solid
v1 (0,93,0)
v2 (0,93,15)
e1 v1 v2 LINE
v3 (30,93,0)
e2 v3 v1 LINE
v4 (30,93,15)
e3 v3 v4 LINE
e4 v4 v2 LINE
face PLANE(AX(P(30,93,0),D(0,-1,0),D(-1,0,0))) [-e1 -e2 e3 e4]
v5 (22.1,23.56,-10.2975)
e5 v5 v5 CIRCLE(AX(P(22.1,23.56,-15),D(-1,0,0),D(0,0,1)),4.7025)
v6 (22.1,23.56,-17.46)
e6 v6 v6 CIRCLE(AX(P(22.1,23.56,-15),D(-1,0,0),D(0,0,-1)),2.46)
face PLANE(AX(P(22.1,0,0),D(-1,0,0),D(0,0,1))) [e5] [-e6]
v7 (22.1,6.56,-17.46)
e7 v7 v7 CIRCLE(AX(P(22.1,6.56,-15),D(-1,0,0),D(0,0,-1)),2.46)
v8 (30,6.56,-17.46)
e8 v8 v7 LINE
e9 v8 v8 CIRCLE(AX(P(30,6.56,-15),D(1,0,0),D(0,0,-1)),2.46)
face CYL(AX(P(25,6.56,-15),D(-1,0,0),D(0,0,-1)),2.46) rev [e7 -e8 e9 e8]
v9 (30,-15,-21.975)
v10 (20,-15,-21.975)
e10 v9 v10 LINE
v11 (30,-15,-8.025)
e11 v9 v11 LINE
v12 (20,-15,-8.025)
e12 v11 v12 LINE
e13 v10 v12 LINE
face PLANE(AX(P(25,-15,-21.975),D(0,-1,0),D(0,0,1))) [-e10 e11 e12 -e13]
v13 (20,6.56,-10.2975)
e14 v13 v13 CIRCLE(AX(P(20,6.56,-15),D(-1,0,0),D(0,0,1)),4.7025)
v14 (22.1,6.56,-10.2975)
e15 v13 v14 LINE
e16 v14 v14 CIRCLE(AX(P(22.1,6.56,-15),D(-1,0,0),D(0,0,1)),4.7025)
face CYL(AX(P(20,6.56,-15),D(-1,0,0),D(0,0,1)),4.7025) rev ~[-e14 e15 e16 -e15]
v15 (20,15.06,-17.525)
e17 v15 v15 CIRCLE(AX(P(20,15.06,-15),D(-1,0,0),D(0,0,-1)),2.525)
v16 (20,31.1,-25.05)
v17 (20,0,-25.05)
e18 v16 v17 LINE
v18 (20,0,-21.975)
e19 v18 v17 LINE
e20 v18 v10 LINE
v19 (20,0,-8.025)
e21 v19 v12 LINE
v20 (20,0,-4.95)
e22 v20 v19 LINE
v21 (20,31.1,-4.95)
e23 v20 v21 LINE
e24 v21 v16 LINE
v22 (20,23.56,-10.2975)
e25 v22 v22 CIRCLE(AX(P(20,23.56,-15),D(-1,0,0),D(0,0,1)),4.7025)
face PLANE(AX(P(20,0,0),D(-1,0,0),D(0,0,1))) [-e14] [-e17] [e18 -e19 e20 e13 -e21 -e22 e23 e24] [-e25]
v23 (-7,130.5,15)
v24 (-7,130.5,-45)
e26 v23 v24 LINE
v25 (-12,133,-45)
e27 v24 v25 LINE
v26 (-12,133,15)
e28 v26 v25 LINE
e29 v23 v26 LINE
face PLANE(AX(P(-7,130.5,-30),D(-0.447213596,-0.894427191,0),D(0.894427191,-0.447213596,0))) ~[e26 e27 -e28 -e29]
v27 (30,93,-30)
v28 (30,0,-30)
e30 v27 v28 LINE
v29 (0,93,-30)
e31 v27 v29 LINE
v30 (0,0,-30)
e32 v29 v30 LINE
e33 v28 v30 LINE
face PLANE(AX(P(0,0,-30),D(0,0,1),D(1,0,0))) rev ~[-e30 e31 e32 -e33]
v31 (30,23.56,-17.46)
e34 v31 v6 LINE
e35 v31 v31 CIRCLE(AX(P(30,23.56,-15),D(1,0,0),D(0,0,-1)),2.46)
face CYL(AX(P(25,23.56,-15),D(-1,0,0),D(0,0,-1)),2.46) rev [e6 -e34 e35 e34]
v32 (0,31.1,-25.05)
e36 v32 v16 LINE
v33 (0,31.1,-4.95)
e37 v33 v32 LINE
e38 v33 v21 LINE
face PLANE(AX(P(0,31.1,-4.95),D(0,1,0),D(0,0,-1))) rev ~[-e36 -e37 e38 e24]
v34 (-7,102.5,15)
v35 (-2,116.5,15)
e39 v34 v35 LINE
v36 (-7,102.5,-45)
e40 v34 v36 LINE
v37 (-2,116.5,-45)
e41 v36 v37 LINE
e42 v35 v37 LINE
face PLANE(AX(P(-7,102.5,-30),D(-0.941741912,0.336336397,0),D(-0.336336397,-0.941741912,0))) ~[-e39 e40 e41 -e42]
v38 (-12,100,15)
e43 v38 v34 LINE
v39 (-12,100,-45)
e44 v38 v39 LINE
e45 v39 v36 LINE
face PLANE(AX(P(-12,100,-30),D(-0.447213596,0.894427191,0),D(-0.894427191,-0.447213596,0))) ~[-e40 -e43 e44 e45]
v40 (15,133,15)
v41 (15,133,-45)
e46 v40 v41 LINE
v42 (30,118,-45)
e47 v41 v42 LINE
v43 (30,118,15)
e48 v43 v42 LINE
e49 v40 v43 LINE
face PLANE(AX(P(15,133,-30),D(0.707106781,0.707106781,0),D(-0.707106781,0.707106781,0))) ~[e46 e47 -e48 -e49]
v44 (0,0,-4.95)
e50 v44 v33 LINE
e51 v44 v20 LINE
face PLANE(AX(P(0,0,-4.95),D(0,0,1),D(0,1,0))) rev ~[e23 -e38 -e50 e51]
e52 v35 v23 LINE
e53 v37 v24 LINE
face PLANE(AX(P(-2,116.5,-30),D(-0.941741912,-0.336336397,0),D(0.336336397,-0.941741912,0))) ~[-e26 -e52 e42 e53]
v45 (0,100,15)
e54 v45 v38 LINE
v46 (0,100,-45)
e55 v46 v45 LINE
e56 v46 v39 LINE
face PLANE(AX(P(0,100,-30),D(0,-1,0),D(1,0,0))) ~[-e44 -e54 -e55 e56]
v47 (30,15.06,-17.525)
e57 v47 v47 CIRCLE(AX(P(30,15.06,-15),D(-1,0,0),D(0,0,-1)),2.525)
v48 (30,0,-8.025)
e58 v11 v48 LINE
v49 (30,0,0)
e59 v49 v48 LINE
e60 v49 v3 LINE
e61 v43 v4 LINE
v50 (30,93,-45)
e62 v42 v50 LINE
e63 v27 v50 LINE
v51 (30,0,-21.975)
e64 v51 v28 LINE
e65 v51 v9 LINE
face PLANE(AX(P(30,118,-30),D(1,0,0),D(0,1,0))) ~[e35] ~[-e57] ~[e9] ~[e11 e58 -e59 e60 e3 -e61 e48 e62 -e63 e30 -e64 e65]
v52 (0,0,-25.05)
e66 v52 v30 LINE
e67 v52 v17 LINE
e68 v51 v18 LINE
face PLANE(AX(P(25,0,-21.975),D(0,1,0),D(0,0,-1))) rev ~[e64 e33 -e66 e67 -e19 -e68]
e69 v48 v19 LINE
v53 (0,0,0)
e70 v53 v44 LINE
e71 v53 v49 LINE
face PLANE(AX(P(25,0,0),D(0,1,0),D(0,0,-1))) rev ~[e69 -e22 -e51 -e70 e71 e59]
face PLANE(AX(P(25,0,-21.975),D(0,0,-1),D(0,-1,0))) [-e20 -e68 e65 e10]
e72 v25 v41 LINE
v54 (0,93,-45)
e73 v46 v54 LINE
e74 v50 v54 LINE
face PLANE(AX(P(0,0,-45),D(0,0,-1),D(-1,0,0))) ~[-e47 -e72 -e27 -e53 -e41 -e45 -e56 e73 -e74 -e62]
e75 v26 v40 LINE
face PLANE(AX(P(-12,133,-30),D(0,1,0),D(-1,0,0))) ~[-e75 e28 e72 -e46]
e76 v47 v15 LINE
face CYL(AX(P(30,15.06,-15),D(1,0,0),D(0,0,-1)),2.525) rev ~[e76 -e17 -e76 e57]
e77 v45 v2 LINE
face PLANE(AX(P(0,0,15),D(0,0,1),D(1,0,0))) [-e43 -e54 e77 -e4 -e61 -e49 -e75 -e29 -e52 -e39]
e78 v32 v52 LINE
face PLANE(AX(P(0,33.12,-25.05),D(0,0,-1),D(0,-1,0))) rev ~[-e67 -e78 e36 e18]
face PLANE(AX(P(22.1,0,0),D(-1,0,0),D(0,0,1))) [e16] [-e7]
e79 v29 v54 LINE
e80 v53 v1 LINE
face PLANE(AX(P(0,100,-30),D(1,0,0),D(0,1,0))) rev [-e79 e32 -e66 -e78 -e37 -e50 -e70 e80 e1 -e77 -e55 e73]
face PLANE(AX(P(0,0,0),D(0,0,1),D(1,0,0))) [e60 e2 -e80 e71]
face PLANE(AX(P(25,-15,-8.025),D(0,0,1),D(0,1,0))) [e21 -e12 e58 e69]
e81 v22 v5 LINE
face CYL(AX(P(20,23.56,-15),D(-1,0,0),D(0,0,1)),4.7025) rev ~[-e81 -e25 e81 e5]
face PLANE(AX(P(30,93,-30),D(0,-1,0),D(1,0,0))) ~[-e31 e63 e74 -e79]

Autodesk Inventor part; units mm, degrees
ref_plane "YZ Plane" through (0, 0, 0) normal (1, 0, 0) x (0, 1, 0)
ref_plane "XZ Plane" through (0, 0, 0) normal (0, 1, 0) x (-1, 0, 0)
sketch "Sketch1" plane through (0, 0, 0) normal (0, 0, 1) x (1, 0, 0)
  line L0 (0, 0) -> (25, 0)
  line L1 (25, 0) -> (25, 40)
  line L2 (25, 40) -> (0, 40)
  line L3 (0, 40) -> (0, 0)
  dimension "d1" = 25
  dimension "d2" = 40
  dimension "d3" = 25
extrude "Extrusion1" add sketch "Sketch1" against normal blind 30
sketch "Sketch2" plane through (25, 0, 0) normal (1, 0, 0) x (0, 0, -1)
  line L0 (0, 0) -> (30, 0) projected
  circle A0 centre (15, 6.56) radius 2.46
extrude "Extrusion2" cut sketch "Sketch2" against normal blind 30
sketch "Sketch3" plane through (0, 0, 0) normal (-1, 0, 0) x (0, 0, 1)
  line L0 (0, 0) -> (-30, 0) projected
  line L1 (-25.05, 0) -> (-4.95, 0)
  line L2 (-4.95, 0) -> (-4.95, 33.12)
  line L3 (-4.95, 33.12) -> (-25.05, 33.12)
  line L4 (-25.05, 33.12) -> (-25.05, 0)
  dimension "d11" = 20.1
extrude "Extrusion3" cut sketch "Sketch3" against normal blind 20
sketch "Sketch4" plane through (0, 0, 0) normal (0, -1, 0) x (1, 0, 0)
  line L0 (20, -4.95) -> (20, -25.05) projected
  line L1 (20, -15) -> (25, -15)
  line L2 (25, 0) -> (25, -30) projected
  line L3 (20, -8.025) -> (25, -8.025)
  line L4 (25, -8.025) -> (25, -21.975)
  line L5 (25, -21.975) -> (20, -21.975)
  line L6 (20, -21.975) -> (20, -8.025)
  line L7 (20, -8.025) -> (25, -21.975) construction
  line L8 (25, -8.025) -> (20, -21.975) construction
  line L9 (25, -12.54) -> (25, -17.46) projected
  point P0 (0, 0)
  point P1 (22.5, -15)
  dimension "d14" = 13.95
extrude "Extrusion4" add sketch "Sketch4" along normal blind 15
sketch "Sketch5" plane through (20, 0, 0) normal (-1, 0, 0) x (0, 0, 1)
  circle A0 centre (-15, 6.56) radius 2.46 projected
  circle A1 centre (-15, 6.56) radius 4.7025
  circle A2 centre (-15, 6.56) radius 2.46 projected
  circle A3 centre (-15, 6.56) radius 2.46
  point P0 (0, 0)
  dimension "d17" = 9.405
extrude "Extrusion5" cut sketch "Sketch5" against normal blind 2.1
sketch "Sketch6" plane through (25, 0, 0) normal (1, 0, 0) x (0, 0, -1)
  circle A0 centre (15, 6.56) radius 4.7025 projected
  line L0 (15, 6.56) -> (15, 23.56)
  circle A1 centre (15, 23.56) radius 2.46
  point P0 (0, 0)
  dimension "d20" = 17
  dimension "d21" = 4.92
extrude "Extrusion6" cut sketch "Sketch6" against normal blind 10 contours A1
sketch "Sketch7" plane through (20, 0, 0) normal (-1, 0, 0) x (0, 0, 1)
  circle A0 centre (-15, 23.56) radius 2.46 projected
  circle A1 centre (-15, 23.56) radius 4.7025
  point P0 (0, 0)
  dimension "d24" = 9.405
extrude "Extrusion7" cut sketch "Sketch7" against normal blind 2.1
sketch "Sketch9" plane through (25, 0, 0) normal (1, 0, 0) x (0, 0, -1)
  circle A0 centre (15, 6.56) radius 2.46 projected
  circle A1 centre (15, 6.56) radius 2.46
  circle A2 centre (15, 23.56) radius 2.46 projected
  circle A3 centre (15, 23.56) radius 2.46
  line L0 (30, 40) -> (30, 0) projected
  line L1 (30, 0) -> (30, 40)
  line L2 (30, 40) -> (0, 40)
  line L3 (0, 40) -> (0, 0)
  line L4 (0, 0) -> (8.025, 0) projected
  line L5 (21.975, 0) -> (21.975, -15)
  line L6 (21.975, -15) -> (8.025, -15)
  line L7 (8.025, -15) -> (8.025, 0)
  line L8 (0, 0) -> (8.025, 0)
  line L9 (21.975, 0) -> (30, 0)
extrude "Extrusion8" add sketch "Sketch9" along normal blind 5
sketch "Sketch10" plane through (0, 40, 0) normal (0, 1, 0) x (1, 0, 0)
  line L0 (0, 30) -> (30, 30) projected
  line L1 (30, 0) -> (0, 0) projected
  line L2 (0, 30) -> (30, 30)
  line L3 (30, 30) -> (30, 0)
  line L4 (30, 0) -> (0, 0)
  line L5 (0, 0) -> (0, 30)
extrude "Extrusion9" add sketch "Sketch10" along normal blind 30
sketch "Sketch12" plane through (30, 0, 0) normal (1, 0, 0) x (0, 0, -1)
  circle A0 centre (15, 6.56) radius 2.46 projected
  line L0 (15, 6.56) -> (15, 15.06)
  circle A1 centre (15, 15.06) radius 2.525
  point P0 (0, 0)
  dimension "d31" = 8.5
  dimension "d33" = 5.05
extrude "Extrusion10" cut sketch "Sketch12" against normal blind 30 contours A1
sketch "Sketch14" plane through (0, 0, 0) normal (0, 0, 1) x (1, 0, 0)
  line L0 (30, 70) -> (0, 70) projected
  line L1 (0, 70) -> (0, 85)
  line L2 (30, 0) -> (30, 70) projected
  line L3 (30, 118) -> (30, 70)
  line L4 (30, 105) -> (30, 100)
  line L5 (-12, 133) -> (15, 133)
  line L6 (-7, 130.5) -> (-12, 133)
  line L7 (-7, 130.5) -> (-2, 116.5)
  line L8 (-7, 102.5) -> (-12, 100)
  line L9 (-7, 102.5) -> (-2, 116.5)
  line L10 (30, 118) -> (15, 133)
  line L11 (0, 100) -> (-12, 100)
  line L12 (0, 100) -> (0, 85)
  point P0 (0, 0)
  dimension "d79" = 12
extrude "Extrusion12" add sketch "Sketch14" against normal blind 30
sketch "Sketch15" plane through (0, 0, -25.05) normal (-1, 0, 0) x (0, 0, 1)
  line L0 (0, 33.12) -> (20.1, 33.12) projected
  line L1 (20.1, 33.12) -> (20.1, 0) projected
  line L2 (0, 33.12) -> (20.1, 33.12)
  line L3 (20.1, 33.12) -> (20.1, 31.1)
  line L4 (20.1, 31.1) -> (0, 31.1)
  line L5 (0, 31.1) -> (0, 33.12)
  point P0 (25.05, 0)
  dimension "d57" = 2.02
extrude "Extrusion13" add sketch "Sketch15" against normal blind 20
sketch "Sketch22" plane through (0, 0, 0) normal (0, 0, 1) x (1, 0, 0)
  line L0 (0, 100) -> (-12, 100) projected
  line L1 (0, 100) -> (-12, 100)
  line L2 (-12, 100) -> (-7, 102.5) projected
  line L3 (-12, 100) -> (-7, 102.5)
  line L4 (-7, 102.5) -> (-2, 116.5) projected
  line L5 (-7, 102.5) -> (-2, 116.5)
  line L6 (-2, 116.5) -> (-7, 130.5) projected
  line L7 (-2, 116.5) -> (-7, 130.5)
  line L8 (-7, 130.5) -> (-12, 133) projected
  line L9 (-7, 130.5) -> (-12, 133)
  line L10 (-12, 133) -> (15, 133) projected
  line L11 (-12, 133) -> (15, 133)
  line L12 (15, 133) -> (30, 118) projected
  line L13 (15, 133) -> (30, 118)
  line L14 (30, 118) -> (30, 93)
  line L15 (30, 0) -> (30, 118) projected
  line L16 (30, 93) -> (0, 93)
  line L17 (0, 100) -> (0, 0) projected
  line L18 (0, 93) -> (0, 100)
  dimension "d80" = 25
extrude "Extrusion14" add sketch "Sketch22" along normal blind 15
ref_plane "Work Plane1" through (0, 0, -15) normal (0, 0, 1) x (1, 0, 0)
mirror "Mirror1" about plane through (0, 0, -15) normal (0, 0, 1) of "Extrusion14"
properties part number "rec_b_28mm_x_60mm"
